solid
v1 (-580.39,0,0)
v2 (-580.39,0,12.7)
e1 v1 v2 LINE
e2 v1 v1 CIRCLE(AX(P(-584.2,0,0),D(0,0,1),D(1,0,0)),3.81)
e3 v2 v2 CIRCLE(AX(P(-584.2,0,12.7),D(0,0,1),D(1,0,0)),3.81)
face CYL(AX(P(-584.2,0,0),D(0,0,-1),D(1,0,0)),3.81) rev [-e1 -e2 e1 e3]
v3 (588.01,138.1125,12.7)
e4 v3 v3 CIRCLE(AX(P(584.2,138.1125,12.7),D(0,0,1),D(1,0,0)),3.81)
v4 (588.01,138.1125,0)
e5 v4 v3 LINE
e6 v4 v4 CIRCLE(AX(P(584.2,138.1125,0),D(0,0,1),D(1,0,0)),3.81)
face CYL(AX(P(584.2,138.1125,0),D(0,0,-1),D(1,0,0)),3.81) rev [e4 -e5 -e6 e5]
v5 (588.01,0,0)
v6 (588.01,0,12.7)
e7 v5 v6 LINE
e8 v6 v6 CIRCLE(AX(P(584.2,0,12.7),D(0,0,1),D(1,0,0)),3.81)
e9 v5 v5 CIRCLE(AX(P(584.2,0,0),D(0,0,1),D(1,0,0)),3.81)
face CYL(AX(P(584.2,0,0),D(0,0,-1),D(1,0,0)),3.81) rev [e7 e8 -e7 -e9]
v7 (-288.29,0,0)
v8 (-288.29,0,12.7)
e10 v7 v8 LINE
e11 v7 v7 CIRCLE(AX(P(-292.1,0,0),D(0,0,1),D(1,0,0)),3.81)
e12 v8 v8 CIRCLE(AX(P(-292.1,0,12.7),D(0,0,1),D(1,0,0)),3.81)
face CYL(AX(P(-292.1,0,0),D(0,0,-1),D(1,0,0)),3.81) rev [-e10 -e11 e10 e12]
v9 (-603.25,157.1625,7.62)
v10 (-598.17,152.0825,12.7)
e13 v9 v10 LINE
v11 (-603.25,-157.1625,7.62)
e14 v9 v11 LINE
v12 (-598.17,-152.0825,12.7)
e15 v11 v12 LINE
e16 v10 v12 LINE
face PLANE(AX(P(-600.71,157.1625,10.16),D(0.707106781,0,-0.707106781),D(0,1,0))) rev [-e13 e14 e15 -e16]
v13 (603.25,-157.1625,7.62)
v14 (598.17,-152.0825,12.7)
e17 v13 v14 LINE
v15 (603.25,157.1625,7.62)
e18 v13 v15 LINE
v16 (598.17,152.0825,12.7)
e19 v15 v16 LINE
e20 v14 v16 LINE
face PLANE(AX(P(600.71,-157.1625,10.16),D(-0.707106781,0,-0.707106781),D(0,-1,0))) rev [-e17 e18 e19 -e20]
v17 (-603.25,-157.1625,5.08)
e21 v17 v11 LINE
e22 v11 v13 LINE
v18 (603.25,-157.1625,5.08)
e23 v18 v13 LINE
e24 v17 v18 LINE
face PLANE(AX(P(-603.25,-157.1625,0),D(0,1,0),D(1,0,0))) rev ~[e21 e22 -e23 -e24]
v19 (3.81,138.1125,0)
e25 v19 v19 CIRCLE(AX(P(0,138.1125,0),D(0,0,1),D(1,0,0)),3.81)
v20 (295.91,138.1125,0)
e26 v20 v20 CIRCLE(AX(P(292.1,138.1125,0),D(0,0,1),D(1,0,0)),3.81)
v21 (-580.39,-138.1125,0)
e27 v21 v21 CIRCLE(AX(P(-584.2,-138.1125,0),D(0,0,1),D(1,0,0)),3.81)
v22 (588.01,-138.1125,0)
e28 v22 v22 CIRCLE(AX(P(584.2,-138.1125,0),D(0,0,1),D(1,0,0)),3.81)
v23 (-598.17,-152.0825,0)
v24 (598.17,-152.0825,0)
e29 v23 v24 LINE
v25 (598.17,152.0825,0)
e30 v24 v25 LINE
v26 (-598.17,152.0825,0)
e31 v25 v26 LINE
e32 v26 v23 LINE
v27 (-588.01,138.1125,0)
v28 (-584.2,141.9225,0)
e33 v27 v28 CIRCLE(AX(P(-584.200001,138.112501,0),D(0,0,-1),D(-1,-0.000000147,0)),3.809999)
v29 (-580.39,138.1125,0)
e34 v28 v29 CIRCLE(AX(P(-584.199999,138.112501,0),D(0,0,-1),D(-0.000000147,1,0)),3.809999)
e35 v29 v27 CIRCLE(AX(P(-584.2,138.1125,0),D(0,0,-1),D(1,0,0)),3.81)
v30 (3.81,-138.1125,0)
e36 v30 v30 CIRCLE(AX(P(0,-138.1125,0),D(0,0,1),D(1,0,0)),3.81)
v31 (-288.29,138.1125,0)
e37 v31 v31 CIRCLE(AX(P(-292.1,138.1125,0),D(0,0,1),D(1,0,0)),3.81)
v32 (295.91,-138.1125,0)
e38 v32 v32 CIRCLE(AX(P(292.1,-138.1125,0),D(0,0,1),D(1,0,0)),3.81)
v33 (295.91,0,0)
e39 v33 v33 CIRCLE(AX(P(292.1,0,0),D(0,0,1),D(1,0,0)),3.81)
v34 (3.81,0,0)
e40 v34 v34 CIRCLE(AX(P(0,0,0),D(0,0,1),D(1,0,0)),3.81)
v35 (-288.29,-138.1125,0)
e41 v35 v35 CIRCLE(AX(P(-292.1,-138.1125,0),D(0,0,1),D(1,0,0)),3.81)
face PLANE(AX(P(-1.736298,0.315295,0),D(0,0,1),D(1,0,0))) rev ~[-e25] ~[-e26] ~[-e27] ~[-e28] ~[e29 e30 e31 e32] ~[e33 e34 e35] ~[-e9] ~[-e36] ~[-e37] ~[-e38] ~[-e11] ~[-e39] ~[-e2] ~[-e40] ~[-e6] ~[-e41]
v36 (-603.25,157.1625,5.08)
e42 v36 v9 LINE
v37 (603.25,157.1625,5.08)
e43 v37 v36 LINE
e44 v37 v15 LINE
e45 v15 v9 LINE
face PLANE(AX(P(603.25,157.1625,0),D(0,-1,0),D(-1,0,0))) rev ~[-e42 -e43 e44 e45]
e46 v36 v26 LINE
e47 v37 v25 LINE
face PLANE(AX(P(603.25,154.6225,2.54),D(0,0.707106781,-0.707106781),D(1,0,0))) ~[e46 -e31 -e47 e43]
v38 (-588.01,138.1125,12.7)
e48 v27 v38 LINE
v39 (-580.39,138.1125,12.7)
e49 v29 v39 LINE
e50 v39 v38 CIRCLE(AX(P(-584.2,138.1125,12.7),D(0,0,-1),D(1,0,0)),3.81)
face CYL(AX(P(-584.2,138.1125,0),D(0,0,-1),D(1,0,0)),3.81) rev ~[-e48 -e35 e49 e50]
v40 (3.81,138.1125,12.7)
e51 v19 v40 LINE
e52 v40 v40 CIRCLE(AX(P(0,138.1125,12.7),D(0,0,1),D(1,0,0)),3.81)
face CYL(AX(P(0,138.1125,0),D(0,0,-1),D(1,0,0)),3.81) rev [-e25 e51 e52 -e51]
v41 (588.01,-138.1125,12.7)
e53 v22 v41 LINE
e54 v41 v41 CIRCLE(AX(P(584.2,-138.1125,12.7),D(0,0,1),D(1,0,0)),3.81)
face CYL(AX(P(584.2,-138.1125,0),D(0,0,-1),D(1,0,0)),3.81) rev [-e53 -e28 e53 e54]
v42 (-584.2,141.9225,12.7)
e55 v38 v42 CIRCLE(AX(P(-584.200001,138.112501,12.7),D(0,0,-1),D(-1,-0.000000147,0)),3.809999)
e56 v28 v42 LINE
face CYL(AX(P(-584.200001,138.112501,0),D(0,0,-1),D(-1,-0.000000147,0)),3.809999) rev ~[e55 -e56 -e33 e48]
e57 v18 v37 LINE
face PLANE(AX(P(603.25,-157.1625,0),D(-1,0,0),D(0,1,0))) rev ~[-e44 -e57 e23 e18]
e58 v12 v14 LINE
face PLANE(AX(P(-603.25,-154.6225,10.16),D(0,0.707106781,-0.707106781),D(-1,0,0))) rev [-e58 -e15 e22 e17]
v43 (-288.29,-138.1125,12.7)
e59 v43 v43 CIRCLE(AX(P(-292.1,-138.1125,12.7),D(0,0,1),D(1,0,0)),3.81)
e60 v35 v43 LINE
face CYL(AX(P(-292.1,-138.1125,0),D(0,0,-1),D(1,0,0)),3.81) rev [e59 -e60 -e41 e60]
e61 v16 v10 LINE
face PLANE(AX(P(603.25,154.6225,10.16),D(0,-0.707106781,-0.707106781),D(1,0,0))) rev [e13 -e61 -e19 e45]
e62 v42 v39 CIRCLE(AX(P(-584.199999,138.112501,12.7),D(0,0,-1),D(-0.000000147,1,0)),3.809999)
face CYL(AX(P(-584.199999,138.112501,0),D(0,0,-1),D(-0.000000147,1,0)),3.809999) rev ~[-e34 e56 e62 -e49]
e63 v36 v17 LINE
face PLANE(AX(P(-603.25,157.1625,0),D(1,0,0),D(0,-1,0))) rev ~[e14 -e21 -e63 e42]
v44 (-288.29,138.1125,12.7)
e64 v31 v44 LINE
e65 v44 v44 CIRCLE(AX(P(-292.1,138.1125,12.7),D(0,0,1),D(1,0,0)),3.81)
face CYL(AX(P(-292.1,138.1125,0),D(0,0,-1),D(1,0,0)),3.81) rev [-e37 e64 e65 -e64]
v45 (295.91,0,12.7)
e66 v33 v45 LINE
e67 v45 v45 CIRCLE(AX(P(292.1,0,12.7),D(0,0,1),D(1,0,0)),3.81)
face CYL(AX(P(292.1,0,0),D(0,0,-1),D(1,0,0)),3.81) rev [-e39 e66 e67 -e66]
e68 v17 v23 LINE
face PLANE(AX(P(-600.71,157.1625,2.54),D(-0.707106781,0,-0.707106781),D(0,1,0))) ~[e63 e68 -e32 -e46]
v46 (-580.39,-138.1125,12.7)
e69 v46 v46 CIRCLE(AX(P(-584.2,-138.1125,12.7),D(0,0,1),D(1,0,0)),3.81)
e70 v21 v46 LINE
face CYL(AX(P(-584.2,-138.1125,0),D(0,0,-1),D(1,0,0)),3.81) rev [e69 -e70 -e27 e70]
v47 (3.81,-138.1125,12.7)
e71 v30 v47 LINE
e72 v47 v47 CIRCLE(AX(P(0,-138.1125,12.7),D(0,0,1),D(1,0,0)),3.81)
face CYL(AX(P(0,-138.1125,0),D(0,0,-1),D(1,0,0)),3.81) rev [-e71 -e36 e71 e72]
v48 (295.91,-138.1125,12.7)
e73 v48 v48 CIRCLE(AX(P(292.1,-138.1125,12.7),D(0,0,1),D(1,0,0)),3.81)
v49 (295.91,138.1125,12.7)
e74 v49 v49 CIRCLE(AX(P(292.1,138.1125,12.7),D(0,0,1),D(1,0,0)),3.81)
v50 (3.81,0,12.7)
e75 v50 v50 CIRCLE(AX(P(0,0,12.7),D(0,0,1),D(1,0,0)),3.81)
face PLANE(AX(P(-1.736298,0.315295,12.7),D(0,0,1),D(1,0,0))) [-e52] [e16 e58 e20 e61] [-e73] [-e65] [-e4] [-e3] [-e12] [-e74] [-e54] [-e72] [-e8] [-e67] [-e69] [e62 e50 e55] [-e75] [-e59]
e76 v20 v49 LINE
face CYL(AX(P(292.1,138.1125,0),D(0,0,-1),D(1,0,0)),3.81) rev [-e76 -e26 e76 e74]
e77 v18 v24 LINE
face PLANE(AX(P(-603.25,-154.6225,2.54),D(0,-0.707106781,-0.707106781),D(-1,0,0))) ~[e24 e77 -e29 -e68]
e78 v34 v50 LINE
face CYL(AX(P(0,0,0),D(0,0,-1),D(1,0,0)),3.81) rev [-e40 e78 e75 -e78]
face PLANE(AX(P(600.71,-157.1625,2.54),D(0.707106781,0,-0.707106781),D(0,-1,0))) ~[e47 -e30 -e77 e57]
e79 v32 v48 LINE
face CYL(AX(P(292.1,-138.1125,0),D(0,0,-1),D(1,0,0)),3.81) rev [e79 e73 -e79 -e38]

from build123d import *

# Parameters (mm, degrees)
F0_R     = 3.81
F1_DEPTH = 12.7
F2_SIZE  = 5.08


with BuildPart() as f1:
    # F0 (on Top) → F1 (new body)
    with BuildSketch(Plane.XY):
        with BuildLine():
            Line((603.25, -157.1625), (603.25, 157.1625))
            Line((603.25, 157.1625), (-584.2, 157.1625))
            Line((-584.2, 157.1625), (-584.2, 141.9225))
            ThreePointArc((-584.2, 141.9225), (-581.505923, 140.806577), (-580.39, 138.1125))
            ThreePointArc((-580.39, 138.1125), (-584.2, 134.3025), (-588.01, 138.1125))
            Line((-588.01, 138.1125), (-603.25, 138.1125))
            Line((-603.25, 138.1125), (-603.25, -157.1625))
            Line((-603.25, -157.1625), (603.25, -157.1625))
        make_face()
        with Locations((-584.2, -138.1125)):
            Circle(F0_R, mode=Mode.SUBTRACT)
        with Locations((-292.1, -138.1125)):
            Circle(F0_R, mode=Mode.SUBTRACT)
        with Locations((0, -138.1125)):
            Circle(F0_R, mode=Mode.SUBTRACT)
        with Locations((292.1, -138.1125)):
            Circle(F0_R, mode=Mode.SUBTRACT)
        with Locations((584.2, -138.1125)):
            Circle(F0_R, mode=Mode.SUBTRACT)
        with Locations((-584.2, 0)):
            Circle(F0_R, mode=Mode.SUBTRACT)
        with Locations((-292.1, 0)):
            Circle(F0_R, mode=Mode.SUBTRACT)
        with Locations((-292.1, 138.1125)):
            Circle(F0_R, mode=Mode.SUBTRACT)
        Circle(F0_R, mode=Mode.SUBTRACT)
        with Locations((292.1, 0)):
            Circle(F0_R, mode=Mode.SUBTRACT)
        with Locations((584.2, 0)):
            Circle(F0_R, mode=Mode.SUBTRACT)
        with Locations((0, 138.1125)):
            Circle(F0_R, mode=Mode.SUBTRACT)
        with Locations((292.1, 138.1125)):
            Circle(F0_R, mode=Mode.SUBTRACT)
        with Locations((584.2, 138.1125)):
            Circle(F0_R, mode=Mode.SUBTRACT)
        with BuildLine():
            Line((-584.2, 141.9225), (-584.2, 157.1625))
            Line((-584.2, 157.1625), (-603.25, 157.1625))
            Line((-603.25, 157.1625), (-603.25, 138.1125))
            Line((-603.25, 138.1125), (-588.01, 138.1125))
            ThreePointArc((-588.01, 138.1125), (-586.894077, 140.806577), (-584.2, 141.9225))
        make_face()
    extrude(amount=F1_DEPTH)

    # F2
    f2_edges = [f1.edges().sort_by_distance(p)[0] for p in [
        (0, 157.1625, 0),
        (603.25, 0, 0),
        (0, -157.1625, 0),
        (-603.25, 0, 0),
        (0, -157.1625, 12.7),
        (603.25, 0, 12.7),
        (0, 157.1625, 12.7),
        (-603.25, 0, 12.7),
    ]]
    chamfer(f2_edges, length=F2_SIZE)


solid = f1.part
